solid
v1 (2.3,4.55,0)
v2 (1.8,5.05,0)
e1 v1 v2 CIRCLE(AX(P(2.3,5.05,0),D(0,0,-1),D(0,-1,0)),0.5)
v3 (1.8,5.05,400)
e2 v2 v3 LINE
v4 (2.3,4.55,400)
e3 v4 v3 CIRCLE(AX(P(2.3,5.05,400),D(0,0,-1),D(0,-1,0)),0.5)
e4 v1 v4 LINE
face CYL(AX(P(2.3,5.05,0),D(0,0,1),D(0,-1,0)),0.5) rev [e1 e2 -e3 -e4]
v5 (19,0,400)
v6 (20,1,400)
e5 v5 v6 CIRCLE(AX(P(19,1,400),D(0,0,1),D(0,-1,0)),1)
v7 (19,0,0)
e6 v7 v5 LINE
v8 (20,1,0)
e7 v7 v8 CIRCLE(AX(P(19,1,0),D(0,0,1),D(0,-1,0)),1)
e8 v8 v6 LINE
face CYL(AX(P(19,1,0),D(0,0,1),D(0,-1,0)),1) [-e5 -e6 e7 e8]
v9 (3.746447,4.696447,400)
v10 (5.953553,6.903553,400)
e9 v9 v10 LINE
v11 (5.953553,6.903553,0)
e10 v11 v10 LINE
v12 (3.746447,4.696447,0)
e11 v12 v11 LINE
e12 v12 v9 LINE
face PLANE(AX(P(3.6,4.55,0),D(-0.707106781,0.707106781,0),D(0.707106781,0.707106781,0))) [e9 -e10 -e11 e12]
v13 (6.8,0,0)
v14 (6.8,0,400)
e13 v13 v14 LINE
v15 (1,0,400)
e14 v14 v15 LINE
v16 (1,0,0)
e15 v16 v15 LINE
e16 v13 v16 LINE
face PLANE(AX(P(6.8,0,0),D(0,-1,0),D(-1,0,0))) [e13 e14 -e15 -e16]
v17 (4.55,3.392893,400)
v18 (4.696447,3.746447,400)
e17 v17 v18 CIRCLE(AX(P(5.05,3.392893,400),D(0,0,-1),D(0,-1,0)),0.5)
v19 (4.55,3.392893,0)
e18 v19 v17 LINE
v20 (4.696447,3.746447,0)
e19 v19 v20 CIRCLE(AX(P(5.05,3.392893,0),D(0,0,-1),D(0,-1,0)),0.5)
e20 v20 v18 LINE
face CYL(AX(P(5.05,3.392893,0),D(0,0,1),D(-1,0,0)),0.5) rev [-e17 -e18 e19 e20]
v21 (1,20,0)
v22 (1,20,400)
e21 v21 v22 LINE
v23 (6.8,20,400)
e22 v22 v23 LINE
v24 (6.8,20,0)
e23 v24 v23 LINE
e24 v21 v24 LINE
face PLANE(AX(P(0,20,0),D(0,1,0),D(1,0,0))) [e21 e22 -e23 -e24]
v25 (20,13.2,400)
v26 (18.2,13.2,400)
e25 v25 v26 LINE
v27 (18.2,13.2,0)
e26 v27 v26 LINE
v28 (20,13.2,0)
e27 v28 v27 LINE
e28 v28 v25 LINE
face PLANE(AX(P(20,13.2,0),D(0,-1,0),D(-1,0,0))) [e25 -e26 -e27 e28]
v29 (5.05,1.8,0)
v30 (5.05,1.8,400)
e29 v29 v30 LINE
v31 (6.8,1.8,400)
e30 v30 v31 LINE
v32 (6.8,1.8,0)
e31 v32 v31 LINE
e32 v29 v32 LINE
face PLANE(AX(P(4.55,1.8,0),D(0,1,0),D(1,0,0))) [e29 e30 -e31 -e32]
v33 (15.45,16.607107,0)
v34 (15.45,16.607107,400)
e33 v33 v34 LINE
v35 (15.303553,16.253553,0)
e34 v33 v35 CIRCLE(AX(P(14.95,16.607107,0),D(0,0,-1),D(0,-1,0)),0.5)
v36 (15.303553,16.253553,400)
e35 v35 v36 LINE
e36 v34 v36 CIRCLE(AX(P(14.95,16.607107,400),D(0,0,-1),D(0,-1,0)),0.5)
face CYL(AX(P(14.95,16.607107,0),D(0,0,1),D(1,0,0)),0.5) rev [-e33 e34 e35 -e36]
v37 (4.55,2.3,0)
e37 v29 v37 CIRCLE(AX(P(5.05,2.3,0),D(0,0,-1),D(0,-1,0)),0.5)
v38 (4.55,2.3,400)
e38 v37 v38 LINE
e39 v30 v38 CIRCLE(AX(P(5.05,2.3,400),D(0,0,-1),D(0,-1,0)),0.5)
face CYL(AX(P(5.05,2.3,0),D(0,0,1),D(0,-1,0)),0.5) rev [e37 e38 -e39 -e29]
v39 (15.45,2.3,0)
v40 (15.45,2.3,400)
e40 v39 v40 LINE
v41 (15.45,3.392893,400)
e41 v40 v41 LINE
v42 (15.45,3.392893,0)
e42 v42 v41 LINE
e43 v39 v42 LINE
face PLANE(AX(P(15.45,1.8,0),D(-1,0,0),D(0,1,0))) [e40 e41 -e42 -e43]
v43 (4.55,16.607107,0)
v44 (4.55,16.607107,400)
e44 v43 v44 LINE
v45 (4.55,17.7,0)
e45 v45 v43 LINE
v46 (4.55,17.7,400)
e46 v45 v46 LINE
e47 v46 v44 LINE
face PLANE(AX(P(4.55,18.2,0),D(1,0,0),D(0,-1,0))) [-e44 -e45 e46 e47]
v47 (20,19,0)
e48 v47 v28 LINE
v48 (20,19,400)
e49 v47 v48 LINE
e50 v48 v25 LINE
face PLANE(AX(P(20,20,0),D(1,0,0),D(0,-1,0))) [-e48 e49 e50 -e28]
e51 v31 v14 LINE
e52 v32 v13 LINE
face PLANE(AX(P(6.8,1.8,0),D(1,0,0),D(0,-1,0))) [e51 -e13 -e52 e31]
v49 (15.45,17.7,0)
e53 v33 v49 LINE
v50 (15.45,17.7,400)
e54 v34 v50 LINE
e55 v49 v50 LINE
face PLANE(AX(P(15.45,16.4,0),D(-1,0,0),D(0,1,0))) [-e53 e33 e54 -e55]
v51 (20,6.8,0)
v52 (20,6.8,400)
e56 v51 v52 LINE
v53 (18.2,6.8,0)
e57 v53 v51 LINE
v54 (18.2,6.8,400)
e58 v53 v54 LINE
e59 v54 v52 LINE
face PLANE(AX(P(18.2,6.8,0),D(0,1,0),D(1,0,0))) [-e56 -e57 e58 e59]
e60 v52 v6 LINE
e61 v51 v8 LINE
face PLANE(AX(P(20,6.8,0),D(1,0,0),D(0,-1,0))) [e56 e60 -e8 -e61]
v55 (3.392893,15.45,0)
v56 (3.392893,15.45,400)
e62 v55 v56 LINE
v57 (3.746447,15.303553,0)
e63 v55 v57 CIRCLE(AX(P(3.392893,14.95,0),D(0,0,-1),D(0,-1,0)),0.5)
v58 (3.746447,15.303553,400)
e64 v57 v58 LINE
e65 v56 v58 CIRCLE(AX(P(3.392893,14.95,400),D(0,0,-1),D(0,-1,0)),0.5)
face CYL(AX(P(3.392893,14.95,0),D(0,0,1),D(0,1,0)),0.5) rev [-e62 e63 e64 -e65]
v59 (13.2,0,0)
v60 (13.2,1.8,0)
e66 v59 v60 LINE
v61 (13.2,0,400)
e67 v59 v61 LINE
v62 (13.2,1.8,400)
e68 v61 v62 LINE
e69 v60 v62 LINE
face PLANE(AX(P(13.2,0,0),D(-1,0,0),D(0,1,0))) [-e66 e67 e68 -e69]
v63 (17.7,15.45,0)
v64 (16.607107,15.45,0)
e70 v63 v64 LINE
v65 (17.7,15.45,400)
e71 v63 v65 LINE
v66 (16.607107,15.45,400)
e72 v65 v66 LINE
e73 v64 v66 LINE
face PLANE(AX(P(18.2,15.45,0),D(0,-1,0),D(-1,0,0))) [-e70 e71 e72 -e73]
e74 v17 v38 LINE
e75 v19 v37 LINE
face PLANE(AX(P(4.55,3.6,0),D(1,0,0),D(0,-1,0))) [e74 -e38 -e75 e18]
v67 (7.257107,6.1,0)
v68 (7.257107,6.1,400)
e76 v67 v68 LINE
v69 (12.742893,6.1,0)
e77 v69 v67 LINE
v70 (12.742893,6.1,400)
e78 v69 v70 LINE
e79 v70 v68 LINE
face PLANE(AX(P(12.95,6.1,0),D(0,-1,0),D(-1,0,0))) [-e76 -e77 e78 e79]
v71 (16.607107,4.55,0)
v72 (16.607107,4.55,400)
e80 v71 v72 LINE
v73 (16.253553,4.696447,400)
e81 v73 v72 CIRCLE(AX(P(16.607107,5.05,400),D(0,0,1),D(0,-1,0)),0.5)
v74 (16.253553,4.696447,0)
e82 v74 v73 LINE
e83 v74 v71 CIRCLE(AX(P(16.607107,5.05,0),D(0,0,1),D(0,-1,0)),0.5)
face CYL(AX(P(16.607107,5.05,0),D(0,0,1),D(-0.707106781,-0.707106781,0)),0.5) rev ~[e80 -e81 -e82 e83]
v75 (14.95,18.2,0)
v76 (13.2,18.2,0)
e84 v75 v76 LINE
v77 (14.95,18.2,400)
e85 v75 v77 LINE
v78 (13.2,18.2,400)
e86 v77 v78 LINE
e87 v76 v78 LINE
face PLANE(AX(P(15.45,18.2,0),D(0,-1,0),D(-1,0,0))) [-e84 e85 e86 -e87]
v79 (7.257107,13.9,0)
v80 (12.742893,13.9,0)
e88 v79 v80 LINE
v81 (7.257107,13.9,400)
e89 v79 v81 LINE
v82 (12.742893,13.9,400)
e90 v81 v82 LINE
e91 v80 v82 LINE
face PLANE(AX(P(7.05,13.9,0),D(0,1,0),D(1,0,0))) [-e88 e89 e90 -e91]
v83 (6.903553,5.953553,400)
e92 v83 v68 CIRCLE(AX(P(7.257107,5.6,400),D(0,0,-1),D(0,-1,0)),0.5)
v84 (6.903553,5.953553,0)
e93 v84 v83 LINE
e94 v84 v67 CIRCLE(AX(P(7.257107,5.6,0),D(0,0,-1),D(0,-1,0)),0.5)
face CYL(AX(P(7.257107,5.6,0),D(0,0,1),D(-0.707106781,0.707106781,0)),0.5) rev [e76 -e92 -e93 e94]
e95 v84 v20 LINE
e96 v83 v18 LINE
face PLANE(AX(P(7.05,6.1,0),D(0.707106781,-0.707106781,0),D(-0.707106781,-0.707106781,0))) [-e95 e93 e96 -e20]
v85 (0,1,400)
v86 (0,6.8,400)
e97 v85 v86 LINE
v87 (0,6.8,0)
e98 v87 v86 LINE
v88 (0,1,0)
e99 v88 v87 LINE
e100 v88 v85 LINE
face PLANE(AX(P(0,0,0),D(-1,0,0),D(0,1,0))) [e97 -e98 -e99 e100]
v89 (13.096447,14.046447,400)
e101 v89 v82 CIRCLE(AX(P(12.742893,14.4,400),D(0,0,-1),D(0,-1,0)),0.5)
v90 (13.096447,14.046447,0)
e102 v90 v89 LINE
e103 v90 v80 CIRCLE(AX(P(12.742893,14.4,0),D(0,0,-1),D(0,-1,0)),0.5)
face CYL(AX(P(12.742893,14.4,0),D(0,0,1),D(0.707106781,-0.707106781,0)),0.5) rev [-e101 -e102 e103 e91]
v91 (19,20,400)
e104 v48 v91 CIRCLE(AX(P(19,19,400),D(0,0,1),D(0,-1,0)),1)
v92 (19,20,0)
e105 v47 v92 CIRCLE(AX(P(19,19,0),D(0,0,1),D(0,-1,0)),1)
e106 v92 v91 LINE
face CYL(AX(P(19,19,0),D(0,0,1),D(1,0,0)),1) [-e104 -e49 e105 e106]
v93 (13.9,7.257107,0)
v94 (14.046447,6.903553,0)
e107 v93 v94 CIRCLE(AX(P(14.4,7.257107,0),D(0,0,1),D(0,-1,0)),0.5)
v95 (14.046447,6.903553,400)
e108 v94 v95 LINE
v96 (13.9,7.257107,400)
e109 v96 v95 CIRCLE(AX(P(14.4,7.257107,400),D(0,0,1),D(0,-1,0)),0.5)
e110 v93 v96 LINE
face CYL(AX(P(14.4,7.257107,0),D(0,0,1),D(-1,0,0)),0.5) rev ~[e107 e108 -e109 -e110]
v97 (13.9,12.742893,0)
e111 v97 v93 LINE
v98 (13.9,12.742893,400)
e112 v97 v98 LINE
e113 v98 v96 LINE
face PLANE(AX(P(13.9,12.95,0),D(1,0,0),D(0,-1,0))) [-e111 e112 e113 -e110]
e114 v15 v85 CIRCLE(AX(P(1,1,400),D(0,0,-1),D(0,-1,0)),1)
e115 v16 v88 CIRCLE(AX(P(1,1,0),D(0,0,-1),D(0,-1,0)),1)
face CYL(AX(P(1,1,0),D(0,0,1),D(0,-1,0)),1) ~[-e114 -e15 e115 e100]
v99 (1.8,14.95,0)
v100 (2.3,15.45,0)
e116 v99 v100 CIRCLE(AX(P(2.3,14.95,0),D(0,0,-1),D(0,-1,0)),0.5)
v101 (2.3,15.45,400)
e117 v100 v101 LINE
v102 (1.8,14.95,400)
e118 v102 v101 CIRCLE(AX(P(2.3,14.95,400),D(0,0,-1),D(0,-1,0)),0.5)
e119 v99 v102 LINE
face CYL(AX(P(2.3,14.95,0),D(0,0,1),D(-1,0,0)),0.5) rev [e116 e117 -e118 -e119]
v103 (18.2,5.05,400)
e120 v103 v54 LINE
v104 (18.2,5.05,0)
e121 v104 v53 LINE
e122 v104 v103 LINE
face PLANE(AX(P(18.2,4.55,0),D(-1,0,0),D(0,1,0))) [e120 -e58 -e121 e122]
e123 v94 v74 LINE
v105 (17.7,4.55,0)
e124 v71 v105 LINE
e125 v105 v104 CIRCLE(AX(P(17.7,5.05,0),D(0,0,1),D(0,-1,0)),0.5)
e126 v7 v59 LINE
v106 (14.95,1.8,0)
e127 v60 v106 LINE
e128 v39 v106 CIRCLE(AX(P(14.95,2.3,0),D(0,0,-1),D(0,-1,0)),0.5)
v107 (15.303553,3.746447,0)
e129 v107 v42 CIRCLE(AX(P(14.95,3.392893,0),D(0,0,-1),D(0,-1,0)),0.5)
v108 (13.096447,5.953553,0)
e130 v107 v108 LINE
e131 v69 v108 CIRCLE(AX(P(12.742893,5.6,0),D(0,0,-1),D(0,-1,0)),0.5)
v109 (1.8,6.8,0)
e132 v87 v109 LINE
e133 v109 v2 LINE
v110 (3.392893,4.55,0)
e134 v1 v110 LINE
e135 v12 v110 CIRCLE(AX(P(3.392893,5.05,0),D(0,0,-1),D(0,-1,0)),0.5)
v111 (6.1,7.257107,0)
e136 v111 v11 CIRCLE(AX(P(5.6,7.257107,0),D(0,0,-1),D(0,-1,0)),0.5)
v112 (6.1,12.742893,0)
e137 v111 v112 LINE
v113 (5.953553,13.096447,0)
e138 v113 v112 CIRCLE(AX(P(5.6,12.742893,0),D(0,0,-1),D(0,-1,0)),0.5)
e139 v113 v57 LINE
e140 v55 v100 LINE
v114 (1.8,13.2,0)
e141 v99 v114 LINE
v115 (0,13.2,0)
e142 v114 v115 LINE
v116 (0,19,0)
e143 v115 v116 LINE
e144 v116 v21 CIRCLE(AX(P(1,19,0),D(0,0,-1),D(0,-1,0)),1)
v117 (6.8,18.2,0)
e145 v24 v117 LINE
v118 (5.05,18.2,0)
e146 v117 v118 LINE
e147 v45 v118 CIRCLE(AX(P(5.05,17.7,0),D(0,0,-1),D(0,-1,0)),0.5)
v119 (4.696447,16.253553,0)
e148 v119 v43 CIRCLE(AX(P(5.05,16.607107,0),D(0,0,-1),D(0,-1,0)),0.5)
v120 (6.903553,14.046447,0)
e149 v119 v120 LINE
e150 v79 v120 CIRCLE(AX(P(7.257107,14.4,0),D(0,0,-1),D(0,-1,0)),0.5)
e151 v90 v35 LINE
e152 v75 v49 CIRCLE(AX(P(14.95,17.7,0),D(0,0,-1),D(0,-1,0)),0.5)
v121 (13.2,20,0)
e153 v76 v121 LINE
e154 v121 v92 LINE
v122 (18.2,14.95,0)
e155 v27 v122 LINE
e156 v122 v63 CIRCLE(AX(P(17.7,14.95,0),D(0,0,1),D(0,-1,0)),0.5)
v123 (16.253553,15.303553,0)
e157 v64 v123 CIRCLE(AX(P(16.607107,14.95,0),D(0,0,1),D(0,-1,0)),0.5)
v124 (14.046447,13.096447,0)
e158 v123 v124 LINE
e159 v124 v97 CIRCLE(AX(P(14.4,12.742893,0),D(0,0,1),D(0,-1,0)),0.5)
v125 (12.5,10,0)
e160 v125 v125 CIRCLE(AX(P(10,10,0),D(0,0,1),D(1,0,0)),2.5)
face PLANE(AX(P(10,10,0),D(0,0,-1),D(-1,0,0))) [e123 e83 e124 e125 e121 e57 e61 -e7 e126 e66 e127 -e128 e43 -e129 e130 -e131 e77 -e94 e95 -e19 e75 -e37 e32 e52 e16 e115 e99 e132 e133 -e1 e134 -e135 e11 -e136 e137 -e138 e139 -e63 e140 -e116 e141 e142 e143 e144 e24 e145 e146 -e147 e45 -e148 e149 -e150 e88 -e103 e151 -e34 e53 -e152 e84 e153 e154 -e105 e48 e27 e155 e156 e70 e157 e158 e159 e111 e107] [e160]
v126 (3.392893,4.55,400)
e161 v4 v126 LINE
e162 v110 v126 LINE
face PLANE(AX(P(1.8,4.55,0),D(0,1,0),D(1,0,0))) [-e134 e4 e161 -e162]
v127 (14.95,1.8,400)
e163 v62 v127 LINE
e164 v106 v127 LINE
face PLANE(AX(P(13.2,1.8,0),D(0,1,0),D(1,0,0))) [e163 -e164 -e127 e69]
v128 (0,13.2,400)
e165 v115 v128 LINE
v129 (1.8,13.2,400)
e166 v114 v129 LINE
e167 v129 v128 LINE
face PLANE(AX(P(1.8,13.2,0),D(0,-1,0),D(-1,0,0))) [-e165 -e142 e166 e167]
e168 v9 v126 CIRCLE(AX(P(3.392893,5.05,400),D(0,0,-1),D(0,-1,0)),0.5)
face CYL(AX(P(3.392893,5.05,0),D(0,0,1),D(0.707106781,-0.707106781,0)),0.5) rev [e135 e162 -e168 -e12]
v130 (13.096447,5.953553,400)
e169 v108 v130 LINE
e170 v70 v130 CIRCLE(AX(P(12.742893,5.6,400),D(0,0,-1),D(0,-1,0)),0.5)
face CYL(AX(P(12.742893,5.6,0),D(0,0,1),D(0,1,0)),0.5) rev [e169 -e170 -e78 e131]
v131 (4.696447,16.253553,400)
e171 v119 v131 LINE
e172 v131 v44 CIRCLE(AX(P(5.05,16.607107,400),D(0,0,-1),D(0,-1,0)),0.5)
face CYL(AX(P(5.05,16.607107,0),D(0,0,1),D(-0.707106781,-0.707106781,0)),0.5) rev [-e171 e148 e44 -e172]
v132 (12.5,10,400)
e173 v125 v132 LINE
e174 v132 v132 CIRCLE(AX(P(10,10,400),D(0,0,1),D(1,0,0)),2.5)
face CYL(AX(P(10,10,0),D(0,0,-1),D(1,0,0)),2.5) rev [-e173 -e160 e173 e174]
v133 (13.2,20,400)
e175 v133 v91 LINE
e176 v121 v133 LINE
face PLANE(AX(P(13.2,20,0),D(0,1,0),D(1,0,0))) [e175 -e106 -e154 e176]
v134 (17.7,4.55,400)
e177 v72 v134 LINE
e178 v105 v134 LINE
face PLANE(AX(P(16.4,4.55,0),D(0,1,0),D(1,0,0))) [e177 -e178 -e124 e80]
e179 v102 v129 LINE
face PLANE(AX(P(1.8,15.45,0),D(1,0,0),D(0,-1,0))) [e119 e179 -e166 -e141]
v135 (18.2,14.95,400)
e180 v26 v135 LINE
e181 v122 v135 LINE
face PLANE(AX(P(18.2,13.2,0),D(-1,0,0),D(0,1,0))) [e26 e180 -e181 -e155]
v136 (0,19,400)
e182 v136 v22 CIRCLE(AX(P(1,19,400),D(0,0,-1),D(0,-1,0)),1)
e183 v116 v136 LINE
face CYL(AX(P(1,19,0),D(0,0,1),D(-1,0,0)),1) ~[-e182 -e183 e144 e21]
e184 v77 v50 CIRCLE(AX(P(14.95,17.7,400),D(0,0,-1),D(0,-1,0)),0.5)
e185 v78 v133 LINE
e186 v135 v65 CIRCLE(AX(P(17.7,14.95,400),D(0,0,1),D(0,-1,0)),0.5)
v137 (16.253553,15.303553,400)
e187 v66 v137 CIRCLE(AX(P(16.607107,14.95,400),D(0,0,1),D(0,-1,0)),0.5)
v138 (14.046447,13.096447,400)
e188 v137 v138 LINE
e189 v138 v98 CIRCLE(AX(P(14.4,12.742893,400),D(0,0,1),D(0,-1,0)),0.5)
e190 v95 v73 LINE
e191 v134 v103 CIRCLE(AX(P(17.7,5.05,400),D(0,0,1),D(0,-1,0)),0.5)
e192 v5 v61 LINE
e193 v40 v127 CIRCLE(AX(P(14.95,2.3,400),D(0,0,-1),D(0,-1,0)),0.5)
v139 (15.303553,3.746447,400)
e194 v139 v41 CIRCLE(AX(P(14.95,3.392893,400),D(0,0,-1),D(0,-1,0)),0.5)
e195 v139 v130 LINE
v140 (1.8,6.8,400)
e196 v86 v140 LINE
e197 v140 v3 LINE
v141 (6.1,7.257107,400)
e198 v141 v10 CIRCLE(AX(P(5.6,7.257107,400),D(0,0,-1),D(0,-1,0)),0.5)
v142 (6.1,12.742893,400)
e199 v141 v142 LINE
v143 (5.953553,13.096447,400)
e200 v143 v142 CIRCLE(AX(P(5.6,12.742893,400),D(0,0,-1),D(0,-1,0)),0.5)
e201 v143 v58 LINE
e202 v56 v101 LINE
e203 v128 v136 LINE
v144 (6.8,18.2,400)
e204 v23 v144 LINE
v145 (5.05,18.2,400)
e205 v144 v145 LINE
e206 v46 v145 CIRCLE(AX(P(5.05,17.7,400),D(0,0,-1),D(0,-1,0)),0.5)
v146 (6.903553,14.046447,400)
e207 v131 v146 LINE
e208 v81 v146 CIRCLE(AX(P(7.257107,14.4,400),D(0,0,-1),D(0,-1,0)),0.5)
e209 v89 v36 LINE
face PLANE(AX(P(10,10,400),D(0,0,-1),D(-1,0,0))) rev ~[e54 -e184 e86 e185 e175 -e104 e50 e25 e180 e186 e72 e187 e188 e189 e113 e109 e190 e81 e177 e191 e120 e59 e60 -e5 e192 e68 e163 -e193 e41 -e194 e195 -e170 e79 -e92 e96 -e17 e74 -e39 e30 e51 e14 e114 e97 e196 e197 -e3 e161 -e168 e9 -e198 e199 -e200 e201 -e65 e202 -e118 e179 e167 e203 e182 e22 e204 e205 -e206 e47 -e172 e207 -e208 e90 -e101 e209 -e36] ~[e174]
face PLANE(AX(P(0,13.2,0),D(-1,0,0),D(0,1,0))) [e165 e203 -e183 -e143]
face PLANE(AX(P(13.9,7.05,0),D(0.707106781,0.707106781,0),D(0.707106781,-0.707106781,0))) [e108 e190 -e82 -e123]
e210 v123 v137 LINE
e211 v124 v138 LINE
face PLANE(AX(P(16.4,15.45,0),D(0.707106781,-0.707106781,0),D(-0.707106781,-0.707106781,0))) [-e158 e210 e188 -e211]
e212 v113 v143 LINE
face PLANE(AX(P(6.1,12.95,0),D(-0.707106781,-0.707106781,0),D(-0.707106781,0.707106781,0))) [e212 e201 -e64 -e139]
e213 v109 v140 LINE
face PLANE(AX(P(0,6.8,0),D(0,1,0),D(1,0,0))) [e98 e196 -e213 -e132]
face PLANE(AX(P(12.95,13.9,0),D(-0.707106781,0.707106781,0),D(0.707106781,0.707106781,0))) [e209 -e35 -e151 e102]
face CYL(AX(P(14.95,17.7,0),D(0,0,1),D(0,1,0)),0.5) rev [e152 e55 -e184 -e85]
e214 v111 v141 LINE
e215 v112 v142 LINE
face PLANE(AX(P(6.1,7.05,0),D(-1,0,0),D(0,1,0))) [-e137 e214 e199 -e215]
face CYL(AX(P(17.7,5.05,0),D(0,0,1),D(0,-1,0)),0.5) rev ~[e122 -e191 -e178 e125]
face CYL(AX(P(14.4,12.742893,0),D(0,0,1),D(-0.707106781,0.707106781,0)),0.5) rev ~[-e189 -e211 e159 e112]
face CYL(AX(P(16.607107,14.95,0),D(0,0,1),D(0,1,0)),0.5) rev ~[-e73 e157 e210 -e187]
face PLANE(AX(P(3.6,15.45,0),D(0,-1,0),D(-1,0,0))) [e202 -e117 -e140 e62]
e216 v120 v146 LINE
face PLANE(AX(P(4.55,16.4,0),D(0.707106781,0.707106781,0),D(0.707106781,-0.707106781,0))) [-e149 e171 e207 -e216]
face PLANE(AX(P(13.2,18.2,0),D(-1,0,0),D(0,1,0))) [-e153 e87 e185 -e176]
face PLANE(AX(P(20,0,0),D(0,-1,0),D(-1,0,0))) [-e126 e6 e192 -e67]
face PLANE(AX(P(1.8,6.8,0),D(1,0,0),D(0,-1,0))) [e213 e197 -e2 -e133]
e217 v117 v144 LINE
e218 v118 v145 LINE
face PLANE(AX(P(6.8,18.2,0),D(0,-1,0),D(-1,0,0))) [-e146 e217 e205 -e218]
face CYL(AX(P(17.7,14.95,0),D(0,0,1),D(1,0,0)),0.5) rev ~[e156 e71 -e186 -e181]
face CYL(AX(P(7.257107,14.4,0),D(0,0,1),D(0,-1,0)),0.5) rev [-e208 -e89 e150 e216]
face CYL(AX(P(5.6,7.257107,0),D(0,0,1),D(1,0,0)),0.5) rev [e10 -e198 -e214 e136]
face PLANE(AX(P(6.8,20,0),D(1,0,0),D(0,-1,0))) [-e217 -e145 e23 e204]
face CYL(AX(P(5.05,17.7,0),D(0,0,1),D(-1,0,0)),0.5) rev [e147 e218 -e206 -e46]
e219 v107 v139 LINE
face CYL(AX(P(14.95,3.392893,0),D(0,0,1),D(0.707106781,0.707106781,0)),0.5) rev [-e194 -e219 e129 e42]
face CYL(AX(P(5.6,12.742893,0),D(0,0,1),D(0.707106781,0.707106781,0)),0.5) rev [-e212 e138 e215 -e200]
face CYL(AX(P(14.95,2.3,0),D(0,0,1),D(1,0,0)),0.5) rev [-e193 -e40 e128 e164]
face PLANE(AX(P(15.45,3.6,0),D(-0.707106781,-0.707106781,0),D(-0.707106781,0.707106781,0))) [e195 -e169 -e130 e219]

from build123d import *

# Parameters (mm, degrees)
SKETCH1_R           = 2.5
BOSS_EXTRUDE1_DEPTH = 400
FILLET1_R           = 1
FILLET2_R           = 0.5
FILLET3_R           = 0.5
FILLET4_R           = 0.5
FILLET5_R           = 0.5


with BuildPart() as part:
    # Sketch1 → Boss-Extrude1 (new body)
    with BuildSketch(Plane.XY):
        Polygon((13.2, 0), (13.2, 1.8), (15.45, 1.8), (15.45, 3.6), (12.95, 6.1), (7.05, 6.1), (4.55, 3.6), (4.55, 1.8), (6.8, 1.8), (6.8, 0), (0, 0), (0, 6.8), (1.8, 6.8), (1.8, 4.55), (3.6, 4.55), (6.1, 7.05), (6.1, 12.95), (3.6, 15.45), (1.8, 15.45), (1.8, 13.2), (0, 13.2), (0, 20), (6.8, 20), (6.8, 18.2), (4.55, 18.2), (4.55, 16.4), (7.05, 13.9), (12.95, 13.9), (15.45, 16.4), (15.45, 18.2), (13.2, 18.2), (13.2, 20), (20, 20), (20, 13.2), (18.2, 13.2), (18.2, 15.45), (16.4, 15.45), (13.9, 12.95), (13.9, 7.05), (16.4, 4.55), (18.2, 4.55), (18.2, 6.8), (20, 6.8), (20, 0), align=None)
        with Locations((10, 10)):
            Circle(SKETCH1_R, mode=Mode.SUBTRACT)
    extrude(amount=BOSS_EXTRUDE1_DEPTH)

    # Fillet1
    fillet1_edges = [part.edges().sort_by_distance(p)[0] for p in [
        (0, 0, 200),
        (0, 20, 200),
        (20, 20, 200),
        (20, 0, 200),
    ]]
    fillet(fillet1_edges, radius=FILLET1_R)

    # Fillet2
    fillet2_edges = [part.edges().sort_by_distance(p)[0] for p in [
        (4.55, 18.2, 200),
        (4.55, 16.4, 200),
        (7.05, 13.9, 200),
        (12.95, 13.9, 200),
        (15.45, 16.4, 200),
        (15.45, 18.2, 200),
    ]]
    fillet(fillet2_edges, radius=FILLET2_R)

    # Fillet3
    fillet3_edges = [part.edges().sort_by_distance(p)[0] for p in [
        (18.2, 15.45, 200),
        (16.4, 15.45, 200),
        (13.9, 12.95, 200),
        (13.9, 7.05, 200),
        (16.4, 4.55, 200),
        (18.2, 4.55, 200),
    ]]
    fillet(fillet3_edges, radius=FILLET3_R)

    # Fillet4
    fillet4_edges = [part.edges().sort_by_distance(p)[0] for p in [
        (1.8, 4.55, 200),
        (3.6, 4.55, 200),
        (6.1, 7.05, 200),
        (6.1, 12.95, 200),
        (3.6, 15.45, 200),
        (1.8, 15.45, 200),
    ]]
    fillet(fillet4_edges, radius=FILLET4_R)

    # Fillet5
    fillet5_edges = [part.edges().sort_by_distance(p)[0] for p in [
        (15.45, 1.8, 200),
        (15.45, 3.6, 200),
        (12.95, 6.1, 200),
        (7.05, 6.1, 200),
        (4.55, 3.6, 200),
        (4.55, 1.8, 200),
    ]]
    fillet(fillet5_edges, radius=FILLET5_R)


solid = part.part
